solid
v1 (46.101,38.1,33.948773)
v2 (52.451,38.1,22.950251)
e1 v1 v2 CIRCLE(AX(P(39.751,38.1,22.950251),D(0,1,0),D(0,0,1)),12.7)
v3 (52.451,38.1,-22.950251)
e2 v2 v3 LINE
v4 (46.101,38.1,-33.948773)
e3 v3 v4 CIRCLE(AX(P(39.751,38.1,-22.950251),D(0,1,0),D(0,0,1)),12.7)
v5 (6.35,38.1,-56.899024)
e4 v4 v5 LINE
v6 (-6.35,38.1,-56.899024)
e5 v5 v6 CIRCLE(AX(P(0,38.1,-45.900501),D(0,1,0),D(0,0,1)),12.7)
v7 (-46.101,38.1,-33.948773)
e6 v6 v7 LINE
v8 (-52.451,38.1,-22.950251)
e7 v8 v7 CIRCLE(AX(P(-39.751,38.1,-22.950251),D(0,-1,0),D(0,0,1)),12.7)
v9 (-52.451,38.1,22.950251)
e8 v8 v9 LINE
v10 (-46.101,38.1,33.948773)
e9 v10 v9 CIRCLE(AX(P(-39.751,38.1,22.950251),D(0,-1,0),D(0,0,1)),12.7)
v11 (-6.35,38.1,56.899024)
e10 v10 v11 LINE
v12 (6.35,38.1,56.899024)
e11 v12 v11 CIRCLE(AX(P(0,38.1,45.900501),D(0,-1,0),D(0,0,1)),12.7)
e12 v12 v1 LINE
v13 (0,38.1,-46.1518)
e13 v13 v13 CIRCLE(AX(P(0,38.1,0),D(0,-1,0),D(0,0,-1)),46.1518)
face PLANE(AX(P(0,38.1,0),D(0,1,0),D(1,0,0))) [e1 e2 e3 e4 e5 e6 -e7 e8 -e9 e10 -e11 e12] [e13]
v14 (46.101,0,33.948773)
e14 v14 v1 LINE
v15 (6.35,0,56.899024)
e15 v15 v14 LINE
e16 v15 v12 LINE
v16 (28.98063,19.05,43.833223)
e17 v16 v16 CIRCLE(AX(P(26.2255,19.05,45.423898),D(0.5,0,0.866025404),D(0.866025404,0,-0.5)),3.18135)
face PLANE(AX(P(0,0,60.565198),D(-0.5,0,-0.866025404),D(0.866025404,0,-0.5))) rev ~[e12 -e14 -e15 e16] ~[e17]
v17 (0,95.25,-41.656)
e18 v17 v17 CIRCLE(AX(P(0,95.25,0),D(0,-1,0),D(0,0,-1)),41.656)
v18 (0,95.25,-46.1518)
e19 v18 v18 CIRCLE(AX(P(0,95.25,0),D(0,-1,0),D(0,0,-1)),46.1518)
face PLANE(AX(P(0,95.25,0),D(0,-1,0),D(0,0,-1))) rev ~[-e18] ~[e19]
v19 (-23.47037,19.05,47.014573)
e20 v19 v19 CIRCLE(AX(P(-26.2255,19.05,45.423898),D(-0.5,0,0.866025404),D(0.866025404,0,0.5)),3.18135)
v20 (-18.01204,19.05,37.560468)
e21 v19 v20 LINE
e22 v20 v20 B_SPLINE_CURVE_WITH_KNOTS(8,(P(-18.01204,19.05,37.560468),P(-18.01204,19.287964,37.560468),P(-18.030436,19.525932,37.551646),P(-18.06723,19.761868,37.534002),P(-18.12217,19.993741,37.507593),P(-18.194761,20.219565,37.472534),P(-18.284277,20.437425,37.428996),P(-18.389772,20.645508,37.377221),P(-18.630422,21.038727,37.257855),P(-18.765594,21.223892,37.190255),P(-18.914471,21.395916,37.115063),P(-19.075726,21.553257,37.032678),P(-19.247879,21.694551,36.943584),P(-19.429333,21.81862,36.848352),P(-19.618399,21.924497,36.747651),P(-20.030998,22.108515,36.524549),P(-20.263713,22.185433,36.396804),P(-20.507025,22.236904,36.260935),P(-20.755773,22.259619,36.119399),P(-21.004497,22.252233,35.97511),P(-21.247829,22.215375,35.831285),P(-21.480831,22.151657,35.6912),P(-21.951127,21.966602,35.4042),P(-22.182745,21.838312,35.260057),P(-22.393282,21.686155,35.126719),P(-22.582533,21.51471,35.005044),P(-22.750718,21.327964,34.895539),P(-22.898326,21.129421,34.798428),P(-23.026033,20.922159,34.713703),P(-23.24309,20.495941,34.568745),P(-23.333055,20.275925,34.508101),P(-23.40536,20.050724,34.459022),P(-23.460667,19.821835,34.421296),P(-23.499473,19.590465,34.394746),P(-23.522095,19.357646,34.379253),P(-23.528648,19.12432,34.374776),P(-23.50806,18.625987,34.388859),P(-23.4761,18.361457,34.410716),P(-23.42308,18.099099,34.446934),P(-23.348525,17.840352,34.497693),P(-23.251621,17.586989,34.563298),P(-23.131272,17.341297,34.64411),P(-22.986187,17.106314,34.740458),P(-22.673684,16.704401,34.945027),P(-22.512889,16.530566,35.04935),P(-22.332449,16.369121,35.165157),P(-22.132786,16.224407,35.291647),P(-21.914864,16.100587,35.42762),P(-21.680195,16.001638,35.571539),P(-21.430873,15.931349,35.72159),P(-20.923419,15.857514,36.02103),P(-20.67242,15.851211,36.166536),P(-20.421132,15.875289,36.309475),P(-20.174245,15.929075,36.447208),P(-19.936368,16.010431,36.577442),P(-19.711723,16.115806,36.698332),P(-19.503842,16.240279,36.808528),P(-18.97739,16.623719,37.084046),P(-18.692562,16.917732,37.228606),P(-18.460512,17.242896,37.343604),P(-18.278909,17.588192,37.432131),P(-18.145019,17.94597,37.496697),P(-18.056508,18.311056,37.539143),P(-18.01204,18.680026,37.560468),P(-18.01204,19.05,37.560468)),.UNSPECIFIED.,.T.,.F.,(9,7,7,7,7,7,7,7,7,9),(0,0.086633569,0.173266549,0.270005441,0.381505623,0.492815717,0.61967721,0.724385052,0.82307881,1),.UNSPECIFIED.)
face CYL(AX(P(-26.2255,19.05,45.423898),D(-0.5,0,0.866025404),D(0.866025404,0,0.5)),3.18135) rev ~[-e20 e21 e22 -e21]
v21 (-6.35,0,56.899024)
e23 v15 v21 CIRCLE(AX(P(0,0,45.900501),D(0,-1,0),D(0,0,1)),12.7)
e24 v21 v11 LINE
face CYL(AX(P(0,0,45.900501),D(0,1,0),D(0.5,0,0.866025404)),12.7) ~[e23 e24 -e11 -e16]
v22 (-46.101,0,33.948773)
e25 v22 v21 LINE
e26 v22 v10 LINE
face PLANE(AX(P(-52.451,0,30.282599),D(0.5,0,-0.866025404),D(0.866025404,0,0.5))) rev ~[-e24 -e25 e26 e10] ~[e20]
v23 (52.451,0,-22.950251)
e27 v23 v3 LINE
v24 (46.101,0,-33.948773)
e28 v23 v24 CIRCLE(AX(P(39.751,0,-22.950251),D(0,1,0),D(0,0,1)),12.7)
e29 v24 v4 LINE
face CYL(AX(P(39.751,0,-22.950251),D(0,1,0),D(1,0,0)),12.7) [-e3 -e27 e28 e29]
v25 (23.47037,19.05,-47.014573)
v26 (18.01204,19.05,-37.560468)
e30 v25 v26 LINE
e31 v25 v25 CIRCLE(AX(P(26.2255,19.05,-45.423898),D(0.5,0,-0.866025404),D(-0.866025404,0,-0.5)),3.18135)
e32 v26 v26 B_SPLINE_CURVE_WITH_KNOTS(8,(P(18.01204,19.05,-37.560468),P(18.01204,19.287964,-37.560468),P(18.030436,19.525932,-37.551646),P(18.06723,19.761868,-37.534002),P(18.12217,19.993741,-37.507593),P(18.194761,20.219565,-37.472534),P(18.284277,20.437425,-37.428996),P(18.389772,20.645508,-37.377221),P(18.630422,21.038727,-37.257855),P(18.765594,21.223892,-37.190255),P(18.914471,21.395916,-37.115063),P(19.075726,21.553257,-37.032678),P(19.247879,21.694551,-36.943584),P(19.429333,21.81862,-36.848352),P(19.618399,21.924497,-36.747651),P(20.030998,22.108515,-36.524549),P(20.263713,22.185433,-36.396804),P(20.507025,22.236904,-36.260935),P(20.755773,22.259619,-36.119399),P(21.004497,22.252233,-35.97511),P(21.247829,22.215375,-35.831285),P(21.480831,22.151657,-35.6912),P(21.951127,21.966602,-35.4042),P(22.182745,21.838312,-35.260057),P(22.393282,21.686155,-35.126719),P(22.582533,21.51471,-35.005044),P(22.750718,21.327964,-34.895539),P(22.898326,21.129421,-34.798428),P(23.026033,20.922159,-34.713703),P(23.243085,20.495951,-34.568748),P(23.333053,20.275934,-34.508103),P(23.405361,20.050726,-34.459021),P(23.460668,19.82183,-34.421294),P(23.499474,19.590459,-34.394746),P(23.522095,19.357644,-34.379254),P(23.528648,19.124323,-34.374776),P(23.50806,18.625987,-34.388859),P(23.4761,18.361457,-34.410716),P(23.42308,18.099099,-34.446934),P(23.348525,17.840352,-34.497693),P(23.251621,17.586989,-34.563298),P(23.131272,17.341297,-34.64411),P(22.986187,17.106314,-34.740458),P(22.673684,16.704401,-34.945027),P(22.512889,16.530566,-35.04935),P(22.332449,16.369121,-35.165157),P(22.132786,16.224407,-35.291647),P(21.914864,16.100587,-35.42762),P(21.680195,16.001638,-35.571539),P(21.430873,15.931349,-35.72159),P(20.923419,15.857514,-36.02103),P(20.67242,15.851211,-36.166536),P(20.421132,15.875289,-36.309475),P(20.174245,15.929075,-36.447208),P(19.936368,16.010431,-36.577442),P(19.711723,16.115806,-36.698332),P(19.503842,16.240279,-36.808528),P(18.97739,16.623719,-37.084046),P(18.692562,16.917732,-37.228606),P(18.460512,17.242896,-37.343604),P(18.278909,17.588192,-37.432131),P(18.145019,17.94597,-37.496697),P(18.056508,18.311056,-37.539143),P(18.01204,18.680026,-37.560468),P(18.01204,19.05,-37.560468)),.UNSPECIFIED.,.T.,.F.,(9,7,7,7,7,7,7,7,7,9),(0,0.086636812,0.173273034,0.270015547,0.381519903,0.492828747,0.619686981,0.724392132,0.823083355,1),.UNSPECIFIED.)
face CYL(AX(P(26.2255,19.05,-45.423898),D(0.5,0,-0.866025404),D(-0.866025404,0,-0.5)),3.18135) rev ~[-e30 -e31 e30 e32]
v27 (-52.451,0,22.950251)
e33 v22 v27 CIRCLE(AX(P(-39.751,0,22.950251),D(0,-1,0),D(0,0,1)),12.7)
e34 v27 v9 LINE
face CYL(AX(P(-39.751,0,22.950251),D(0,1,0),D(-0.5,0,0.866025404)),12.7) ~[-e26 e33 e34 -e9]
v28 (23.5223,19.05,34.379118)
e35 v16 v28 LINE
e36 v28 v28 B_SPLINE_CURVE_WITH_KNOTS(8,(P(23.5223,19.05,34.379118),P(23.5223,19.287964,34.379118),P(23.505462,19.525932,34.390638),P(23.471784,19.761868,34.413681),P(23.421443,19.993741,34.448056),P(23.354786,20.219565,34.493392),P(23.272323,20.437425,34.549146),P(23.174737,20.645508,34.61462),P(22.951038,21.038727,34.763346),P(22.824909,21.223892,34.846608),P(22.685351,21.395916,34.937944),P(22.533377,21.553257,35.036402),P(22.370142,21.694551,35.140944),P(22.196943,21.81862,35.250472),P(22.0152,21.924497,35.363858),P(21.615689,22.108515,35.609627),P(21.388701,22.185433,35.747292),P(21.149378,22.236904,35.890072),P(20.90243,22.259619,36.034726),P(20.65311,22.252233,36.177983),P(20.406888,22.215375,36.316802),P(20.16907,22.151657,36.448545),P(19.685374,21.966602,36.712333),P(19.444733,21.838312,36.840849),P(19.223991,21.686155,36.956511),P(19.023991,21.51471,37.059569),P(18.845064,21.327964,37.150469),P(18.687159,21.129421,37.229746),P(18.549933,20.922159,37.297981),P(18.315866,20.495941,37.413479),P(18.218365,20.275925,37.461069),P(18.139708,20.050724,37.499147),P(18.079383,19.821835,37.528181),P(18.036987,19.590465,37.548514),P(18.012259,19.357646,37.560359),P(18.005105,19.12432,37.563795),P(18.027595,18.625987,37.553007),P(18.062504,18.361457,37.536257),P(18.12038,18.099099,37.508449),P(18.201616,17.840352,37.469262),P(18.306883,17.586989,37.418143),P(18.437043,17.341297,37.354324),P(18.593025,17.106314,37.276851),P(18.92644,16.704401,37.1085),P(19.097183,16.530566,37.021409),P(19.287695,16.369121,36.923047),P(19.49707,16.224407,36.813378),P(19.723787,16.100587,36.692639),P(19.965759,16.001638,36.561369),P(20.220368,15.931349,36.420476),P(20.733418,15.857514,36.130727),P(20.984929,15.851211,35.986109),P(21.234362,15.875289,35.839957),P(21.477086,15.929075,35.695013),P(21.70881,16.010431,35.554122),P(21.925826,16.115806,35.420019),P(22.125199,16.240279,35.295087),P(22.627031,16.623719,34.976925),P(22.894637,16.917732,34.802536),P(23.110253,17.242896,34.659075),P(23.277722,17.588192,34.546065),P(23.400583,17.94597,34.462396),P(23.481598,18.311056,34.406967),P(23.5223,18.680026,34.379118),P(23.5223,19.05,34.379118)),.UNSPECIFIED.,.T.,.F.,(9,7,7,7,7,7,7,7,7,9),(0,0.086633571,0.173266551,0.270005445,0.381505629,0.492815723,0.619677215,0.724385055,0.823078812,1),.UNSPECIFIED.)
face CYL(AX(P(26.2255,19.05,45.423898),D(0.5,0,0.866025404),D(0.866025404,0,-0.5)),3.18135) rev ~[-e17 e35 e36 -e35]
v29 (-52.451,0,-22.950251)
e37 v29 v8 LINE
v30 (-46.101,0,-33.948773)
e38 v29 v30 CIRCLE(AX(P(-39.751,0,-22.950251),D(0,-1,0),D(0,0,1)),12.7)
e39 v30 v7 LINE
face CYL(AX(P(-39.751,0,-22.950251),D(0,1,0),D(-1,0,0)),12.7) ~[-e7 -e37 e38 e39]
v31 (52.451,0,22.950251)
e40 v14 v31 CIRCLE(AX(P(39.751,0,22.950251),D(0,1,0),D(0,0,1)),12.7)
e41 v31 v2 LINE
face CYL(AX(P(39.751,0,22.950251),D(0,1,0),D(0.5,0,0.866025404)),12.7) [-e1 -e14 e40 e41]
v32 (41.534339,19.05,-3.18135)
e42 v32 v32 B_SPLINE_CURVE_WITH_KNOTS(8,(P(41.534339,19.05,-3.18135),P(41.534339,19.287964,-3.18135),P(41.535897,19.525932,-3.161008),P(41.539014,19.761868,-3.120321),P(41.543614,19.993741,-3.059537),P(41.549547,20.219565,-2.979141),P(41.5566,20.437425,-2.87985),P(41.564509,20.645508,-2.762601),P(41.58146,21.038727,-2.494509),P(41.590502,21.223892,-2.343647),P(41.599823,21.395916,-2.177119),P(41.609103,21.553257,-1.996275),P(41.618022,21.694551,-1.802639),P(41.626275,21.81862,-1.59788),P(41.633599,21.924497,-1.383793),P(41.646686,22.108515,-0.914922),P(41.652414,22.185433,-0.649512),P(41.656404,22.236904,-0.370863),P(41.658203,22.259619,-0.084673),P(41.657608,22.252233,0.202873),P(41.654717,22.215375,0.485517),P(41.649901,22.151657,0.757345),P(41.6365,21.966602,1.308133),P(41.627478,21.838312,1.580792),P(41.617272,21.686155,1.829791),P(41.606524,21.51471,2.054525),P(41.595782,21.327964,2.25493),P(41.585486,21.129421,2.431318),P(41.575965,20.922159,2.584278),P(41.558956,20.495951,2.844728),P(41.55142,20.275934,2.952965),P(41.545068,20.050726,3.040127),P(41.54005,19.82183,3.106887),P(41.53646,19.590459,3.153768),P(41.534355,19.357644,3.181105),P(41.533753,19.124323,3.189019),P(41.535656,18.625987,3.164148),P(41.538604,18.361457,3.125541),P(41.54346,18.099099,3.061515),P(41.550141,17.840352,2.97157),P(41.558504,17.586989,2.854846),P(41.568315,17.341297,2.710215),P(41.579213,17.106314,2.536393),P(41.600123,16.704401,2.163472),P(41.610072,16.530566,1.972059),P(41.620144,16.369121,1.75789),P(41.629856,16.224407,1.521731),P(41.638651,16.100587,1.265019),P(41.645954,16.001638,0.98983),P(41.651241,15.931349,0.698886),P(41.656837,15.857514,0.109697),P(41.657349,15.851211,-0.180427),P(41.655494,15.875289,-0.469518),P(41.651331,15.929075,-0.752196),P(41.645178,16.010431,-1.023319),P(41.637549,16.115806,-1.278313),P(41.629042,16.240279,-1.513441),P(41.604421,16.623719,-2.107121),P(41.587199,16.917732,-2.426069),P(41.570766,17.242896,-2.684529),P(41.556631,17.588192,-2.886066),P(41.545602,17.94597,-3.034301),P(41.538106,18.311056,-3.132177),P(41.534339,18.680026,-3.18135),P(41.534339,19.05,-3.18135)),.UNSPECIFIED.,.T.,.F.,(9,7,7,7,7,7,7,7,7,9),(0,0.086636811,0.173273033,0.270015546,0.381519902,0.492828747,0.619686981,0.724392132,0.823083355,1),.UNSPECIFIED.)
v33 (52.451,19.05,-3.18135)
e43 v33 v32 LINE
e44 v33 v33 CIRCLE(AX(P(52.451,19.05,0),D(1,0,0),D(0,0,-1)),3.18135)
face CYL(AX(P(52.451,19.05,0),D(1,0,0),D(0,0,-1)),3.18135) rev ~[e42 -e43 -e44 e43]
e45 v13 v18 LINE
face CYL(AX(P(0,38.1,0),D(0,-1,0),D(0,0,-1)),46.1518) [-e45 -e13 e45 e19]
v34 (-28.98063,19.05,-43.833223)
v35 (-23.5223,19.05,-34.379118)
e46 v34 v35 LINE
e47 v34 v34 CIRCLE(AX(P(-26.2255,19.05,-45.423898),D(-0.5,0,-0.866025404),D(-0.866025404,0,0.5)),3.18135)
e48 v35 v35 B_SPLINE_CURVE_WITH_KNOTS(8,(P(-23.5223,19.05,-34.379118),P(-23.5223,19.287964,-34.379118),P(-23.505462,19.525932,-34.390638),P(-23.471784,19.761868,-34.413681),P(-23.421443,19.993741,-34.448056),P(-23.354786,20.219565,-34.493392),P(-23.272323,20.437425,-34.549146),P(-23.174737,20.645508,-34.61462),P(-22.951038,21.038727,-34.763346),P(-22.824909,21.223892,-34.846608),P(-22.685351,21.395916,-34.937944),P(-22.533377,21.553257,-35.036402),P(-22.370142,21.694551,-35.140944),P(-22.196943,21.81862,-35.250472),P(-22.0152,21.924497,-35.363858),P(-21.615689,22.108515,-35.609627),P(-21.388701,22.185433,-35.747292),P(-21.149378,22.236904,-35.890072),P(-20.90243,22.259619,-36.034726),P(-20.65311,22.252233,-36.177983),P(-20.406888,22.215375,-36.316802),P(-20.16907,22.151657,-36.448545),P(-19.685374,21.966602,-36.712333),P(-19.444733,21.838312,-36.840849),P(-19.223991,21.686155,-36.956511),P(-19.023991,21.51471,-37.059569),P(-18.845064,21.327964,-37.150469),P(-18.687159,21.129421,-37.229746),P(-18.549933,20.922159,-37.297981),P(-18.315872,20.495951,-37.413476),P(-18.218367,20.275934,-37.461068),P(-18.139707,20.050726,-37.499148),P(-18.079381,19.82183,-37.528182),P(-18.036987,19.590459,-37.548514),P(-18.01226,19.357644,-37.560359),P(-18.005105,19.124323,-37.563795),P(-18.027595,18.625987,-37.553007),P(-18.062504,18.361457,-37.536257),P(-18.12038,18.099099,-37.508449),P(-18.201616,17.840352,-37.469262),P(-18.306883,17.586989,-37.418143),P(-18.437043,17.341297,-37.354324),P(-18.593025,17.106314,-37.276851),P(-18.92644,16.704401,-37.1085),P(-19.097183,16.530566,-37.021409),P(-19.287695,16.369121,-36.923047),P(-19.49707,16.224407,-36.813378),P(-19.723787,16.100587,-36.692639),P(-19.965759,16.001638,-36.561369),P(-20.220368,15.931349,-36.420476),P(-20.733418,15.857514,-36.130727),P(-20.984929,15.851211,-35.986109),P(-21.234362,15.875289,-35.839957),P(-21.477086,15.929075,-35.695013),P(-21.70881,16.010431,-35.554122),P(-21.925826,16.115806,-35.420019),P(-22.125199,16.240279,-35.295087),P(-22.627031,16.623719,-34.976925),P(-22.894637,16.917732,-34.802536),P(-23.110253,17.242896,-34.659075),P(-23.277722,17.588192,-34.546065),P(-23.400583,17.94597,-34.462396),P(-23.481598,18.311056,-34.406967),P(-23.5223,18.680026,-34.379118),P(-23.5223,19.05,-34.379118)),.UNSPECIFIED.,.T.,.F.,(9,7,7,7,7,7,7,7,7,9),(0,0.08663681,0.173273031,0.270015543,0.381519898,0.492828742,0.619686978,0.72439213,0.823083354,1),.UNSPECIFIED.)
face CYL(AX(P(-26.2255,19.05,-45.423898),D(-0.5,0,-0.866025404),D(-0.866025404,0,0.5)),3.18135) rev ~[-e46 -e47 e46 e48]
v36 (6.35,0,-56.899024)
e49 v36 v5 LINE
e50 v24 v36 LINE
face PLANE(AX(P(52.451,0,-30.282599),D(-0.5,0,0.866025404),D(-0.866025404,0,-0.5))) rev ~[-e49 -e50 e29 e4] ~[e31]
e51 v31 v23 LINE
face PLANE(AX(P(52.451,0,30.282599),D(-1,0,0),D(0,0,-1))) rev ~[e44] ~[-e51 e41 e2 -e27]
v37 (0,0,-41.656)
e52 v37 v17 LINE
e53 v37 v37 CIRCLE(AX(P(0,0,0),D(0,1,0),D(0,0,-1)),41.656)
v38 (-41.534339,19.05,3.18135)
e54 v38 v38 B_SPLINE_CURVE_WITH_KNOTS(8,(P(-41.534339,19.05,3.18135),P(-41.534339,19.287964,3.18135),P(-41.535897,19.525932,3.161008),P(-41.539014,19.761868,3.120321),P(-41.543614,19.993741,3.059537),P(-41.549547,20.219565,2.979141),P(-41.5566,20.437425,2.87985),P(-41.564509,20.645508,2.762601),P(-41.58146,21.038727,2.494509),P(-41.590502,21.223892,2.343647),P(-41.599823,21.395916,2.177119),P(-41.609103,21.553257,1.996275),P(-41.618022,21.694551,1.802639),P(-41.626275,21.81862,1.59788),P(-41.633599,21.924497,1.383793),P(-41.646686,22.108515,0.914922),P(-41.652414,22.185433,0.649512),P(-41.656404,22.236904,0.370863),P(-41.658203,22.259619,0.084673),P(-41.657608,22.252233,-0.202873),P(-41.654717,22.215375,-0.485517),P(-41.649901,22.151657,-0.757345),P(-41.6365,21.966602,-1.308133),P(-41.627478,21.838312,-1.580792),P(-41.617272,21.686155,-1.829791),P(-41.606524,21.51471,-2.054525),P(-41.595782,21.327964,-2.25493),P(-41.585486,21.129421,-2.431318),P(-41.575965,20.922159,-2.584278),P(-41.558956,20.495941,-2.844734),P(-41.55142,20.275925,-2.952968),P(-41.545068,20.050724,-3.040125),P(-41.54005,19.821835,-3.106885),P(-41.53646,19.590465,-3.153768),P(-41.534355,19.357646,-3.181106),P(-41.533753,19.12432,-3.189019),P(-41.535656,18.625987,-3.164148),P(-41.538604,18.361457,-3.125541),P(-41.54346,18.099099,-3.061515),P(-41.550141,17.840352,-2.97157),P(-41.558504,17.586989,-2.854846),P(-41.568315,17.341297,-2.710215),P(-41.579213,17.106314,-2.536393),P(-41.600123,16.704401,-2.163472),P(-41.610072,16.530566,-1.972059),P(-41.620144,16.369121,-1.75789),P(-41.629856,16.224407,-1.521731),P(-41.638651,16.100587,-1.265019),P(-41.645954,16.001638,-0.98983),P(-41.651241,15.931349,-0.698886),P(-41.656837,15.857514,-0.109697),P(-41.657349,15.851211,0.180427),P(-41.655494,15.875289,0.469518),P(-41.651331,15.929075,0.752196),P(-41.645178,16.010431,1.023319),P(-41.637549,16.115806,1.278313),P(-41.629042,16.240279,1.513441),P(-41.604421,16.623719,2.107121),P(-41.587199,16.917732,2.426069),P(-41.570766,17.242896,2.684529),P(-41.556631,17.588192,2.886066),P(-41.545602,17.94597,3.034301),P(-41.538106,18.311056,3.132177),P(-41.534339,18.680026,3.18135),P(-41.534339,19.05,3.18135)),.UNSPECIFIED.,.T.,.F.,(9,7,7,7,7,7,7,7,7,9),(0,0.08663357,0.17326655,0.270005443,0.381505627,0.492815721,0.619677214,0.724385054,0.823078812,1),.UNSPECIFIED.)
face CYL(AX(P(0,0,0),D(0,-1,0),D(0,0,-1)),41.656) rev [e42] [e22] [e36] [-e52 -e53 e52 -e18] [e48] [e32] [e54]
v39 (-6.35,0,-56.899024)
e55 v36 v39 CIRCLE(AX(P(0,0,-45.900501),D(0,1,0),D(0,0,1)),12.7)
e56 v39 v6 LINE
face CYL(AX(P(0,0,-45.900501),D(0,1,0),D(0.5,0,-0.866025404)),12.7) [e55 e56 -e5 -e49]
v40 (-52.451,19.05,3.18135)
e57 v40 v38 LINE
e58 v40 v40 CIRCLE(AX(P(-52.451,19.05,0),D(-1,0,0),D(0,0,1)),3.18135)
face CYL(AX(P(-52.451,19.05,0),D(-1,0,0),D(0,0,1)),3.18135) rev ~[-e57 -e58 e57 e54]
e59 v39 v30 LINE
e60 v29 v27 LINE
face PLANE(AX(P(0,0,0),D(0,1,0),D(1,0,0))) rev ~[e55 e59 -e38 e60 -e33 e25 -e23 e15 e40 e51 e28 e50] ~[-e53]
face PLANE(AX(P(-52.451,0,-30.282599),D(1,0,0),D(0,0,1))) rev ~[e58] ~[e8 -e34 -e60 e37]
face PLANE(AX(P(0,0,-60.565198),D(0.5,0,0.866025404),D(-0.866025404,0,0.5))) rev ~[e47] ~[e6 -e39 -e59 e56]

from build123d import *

# Parameters (mm, degrees)
SKETCH1_R           = 41.656
BOSS_EXTRUDE1_DEPTH = 38.1
SKETCH2_R           = 3.18135
CUT_EXTRUDE1_DEPTH  = 29.464
CIRPATTERN1_COUNT   = 6
SKETCH3_R           = 46.1518
SKETCH3_R_2         = 41.656
BOSS_EXTRUDE2_DEPTH = 57.15
FILLET1_R           = 12.7


with BuildPart() as part:
    # Sketch1 → Boss-Extrude1 (new body)
    with BuildSketch(Plane(origin=(0, 0, 0), x_dir=(1, 0, 0), z_dir=(0, 1, 0))):
        Polygon((0, -60.565197939), (52.451, -30.282598969), (52.451, 30.282598969), (0, 60.565197939), (-52.451, 30.282598969), (-52.451, -30.282598969), align=None)
        with Locations(Location((0, 0, 0), (0, 0, 90))):
            Circle(SKETCH1_R, mode=Mode.SUBTRACT)
    extrude(amount=BOSS_EXTRUDE1_DEPTH)

    # Sketch2 → Cut-Extrude1 (cut)
    with BuildSketch(Plane.ZY.offset(52.451)):
        with Locations((0, 19.05)):
            Circle(SKETCH2_R)
    cut_extrude1 = extrude(amount=-CUT_EXTRUDE1_DEPTH, mode=Mode.SUBTRACT)

    # CirPattern1: Cut-Extrude1 ×6 about axis
    cirpattern1_axis = Axis((0, 38.1, 0), (0, 1, 0))
    for i in range(1, CIRPATTERN1_COUNT):
        add(cut_extrude1.rotate(cirpattern1_axis, i * 360 / CIRPATTERN1_COUNT), mode=Mode.SUBTRACT)

    # Sketch3 → Boss-Extrude2 (add)
    with BuildSketch(Plane(origin=(-52.451, 38.1, -30.282598969), x_dir=(1, 0, 0), z_dir=(0, -1, 0))):
        with Locations(Location((52.451, 30.282598969, 0), (0, 0, 270))):
            Circle(SKETCH3_R)
        with Locations(Location((52.451, 30.282598969, 0), (0, 0, 270))):
            Circle(SKETCH3_R_2, mode=Mode.SUBTRACT)
    extrude(amount=-BOSS_EXTRUDE2_DEPTH)

    # Fillet1
    fillet1_edges = [part.edges().sort_by_distance(p)[0] for p in [
        (-52.451, 19.05, 30.282598969),
        (-52.451, 19.05, -30.282598969),
        (0, 19.05, -60.565197939),
        (52.451, 19.05, -30.282598969),
        (52.451, 19.05, 30.282598969),
        (0, 19.05, 60.565197939),
    ]]
    fillet(fillet1_edges, radius=FILLET1_R)


solid = part.part
